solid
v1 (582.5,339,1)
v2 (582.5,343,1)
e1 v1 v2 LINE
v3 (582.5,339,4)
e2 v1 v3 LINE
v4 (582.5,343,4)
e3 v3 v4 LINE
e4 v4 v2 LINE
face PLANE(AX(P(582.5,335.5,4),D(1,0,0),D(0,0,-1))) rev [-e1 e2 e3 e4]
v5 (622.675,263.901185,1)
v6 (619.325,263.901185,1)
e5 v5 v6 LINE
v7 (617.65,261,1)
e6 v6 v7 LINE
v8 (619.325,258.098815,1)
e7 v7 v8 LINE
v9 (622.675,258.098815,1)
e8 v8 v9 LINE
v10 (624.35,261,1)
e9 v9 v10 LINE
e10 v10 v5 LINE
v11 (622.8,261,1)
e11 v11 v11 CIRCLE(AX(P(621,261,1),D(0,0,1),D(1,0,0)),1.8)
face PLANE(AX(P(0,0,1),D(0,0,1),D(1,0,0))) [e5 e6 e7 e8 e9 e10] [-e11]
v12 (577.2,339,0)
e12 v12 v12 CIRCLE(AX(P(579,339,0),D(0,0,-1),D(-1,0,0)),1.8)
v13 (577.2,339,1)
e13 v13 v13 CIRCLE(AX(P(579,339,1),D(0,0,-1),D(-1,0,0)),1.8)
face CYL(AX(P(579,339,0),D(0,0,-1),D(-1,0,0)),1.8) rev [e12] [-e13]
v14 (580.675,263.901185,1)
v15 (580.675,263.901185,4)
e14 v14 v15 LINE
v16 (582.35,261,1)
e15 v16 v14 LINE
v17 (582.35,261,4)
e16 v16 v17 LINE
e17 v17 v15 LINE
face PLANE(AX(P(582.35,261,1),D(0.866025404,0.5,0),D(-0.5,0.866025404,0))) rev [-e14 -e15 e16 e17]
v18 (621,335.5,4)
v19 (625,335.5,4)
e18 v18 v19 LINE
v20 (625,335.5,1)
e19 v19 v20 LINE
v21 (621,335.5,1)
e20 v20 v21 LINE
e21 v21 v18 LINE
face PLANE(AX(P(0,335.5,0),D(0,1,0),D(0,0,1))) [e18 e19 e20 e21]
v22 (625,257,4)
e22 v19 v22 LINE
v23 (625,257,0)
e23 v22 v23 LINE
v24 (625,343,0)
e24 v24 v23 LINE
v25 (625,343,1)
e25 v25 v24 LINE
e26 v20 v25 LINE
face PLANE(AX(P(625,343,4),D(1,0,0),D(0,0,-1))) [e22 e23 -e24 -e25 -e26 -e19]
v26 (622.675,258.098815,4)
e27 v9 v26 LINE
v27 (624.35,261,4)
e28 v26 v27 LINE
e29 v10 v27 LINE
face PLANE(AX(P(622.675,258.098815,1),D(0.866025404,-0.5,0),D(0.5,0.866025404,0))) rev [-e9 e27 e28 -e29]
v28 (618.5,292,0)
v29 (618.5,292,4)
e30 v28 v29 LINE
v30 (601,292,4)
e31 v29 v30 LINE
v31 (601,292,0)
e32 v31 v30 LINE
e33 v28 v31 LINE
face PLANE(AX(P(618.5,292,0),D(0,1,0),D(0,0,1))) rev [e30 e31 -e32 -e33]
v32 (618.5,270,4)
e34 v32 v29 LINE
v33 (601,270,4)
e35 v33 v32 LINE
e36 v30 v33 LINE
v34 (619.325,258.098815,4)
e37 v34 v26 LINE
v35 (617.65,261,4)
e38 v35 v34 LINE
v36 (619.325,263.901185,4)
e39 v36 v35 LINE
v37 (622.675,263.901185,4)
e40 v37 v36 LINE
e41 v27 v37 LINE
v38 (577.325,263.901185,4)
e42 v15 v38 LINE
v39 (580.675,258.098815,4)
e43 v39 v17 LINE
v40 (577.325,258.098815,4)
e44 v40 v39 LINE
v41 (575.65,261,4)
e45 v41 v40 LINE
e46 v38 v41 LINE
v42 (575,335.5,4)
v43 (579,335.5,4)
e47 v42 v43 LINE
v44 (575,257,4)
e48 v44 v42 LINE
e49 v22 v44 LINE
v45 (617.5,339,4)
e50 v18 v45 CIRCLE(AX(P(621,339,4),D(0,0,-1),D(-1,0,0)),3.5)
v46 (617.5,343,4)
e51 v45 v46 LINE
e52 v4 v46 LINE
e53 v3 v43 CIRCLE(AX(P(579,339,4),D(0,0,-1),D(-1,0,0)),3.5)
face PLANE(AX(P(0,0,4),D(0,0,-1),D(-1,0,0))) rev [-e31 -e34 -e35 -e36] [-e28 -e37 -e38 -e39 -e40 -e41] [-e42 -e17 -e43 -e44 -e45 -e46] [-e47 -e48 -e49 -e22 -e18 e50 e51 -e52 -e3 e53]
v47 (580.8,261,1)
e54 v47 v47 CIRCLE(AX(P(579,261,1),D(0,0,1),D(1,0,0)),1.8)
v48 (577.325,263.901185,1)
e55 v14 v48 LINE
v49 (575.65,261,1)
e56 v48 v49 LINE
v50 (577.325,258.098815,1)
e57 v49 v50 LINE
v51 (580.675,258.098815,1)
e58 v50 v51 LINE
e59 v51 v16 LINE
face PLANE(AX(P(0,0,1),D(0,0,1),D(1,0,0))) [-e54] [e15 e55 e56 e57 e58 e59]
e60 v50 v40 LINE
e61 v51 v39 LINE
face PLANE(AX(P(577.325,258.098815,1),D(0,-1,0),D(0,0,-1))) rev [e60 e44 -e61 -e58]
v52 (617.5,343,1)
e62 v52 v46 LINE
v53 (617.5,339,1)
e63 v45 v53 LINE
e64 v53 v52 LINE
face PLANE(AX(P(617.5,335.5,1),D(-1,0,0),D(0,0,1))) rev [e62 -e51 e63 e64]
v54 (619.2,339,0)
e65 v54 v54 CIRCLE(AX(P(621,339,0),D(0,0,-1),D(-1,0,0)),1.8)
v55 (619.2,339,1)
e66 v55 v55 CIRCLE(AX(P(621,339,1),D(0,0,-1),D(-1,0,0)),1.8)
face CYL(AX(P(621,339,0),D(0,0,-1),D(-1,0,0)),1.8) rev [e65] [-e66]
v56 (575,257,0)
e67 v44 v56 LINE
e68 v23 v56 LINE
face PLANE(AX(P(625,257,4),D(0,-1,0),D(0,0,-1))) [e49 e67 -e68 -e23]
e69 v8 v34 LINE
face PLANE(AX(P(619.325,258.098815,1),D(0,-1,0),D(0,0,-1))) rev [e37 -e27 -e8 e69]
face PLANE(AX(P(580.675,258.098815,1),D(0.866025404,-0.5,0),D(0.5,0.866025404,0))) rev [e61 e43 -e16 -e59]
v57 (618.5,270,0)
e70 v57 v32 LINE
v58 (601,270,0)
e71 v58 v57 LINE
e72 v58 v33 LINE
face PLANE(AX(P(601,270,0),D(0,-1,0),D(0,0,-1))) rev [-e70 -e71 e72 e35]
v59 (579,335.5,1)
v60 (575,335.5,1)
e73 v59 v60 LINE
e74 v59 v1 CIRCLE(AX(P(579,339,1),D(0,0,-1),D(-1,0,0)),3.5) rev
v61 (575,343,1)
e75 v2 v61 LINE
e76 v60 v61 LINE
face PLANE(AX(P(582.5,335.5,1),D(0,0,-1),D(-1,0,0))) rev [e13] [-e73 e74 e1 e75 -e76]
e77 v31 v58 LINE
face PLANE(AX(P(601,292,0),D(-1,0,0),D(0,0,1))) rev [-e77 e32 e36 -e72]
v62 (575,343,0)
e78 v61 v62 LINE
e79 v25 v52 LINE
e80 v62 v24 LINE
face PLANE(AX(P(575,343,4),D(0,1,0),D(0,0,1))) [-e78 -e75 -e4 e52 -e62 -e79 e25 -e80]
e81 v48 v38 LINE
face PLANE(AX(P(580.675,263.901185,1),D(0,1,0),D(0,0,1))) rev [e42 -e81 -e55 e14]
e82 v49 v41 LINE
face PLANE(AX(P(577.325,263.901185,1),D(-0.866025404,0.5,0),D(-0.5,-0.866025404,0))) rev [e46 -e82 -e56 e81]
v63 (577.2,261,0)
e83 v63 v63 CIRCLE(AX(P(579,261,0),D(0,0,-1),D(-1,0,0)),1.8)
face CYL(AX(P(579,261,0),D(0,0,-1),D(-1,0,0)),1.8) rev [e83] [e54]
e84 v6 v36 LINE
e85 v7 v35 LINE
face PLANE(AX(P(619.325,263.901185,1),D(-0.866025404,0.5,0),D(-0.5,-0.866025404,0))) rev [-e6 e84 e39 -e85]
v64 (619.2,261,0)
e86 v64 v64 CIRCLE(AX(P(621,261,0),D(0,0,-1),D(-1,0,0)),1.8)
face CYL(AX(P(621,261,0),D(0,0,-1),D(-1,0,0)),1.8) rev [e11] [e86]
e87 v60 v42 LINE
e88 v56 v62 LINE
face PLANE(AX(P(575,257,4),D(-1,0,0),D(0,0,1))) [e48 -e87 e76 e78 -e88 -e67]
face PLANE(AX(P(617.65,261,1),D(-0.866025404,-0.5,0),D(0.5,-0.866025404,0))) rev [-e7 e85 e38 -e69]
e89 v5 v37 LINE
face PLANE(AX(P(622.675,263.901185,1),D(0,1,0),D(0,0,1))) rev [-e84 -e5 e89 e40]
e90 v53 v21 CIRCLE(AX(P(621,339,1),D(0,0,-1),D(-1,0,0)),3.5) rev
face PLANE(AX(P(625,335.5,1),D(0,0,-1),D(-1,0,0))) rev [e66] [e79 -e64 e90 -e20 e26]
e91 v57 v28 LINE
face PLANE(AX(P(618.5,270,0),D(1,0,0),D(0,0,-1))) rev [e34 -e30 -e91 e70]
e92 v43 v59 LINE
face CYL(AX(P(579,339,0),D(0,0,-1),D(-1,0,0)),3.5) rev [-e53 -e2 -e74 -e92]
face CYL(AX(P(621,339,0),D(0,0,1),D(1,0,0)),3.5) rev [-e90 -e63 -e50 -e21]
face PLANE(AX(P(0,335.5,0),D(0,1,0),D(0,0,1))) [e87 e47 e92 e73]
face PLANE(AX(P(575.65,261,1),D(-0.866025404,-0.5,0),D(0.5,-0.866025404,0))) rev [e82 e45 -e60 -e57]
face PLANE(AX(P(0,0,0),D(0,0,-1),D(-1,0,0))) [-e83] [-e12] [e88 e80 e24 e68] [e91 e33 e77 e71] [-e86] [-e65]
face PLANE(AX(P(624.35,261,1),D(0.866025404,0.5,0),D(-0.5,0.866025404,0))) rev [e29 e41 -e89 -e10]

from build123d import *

# Parameters (mm, degrees)
SKETCH_1_W                  = 50
SKETCH_1_H                  = 86
EXTRUDE_1_DEPTH             = 4
SKETCH_2_W                  = 17.5
SKETCH_2_H                  = 22
CUT_EXTRUDE_1_DEPTH         = 5
CUT_EXTRUDE_2_DEPTH         = 3
SKETCH_4_W                  = 7.5
SKETCH_4_H                  = 3
CUT_EXTRUDE_3_DEPTH         = 7.5
SKETCH_5_W                  = 7.5
SKETCH_5_H                  = 3
CUT_EXTRUDE_4_DEPTH         = 7.5
CUT_EXTRUDE_5_DEPTH         = 3
HOLE_WIZARD_3_6_3_6_1_D     = 3.6
HOLE_WIZARD_3_6_3_6_1_DEPTH = 4
FILLET_1_R                  = 3.5


with BuildPart() as part:
    # 草图1 → 凸台-拉伸1 (new body)
    with BuildSketch(Plane(origin=(0, 0, 0), x_dir=(-1, 0, 0), z_dir=(0, 0, -1))):
        with Locations((-600, 300)):
            Rectangle(SKETCH_1_W, SKETCH_1_H)
    extrude(amount=-EXTRUDE_1_DEPTH)

    # 草图2 → 切除-拉伸1 (cut, through all)
    with BuildSketch(Plane.XY.offset(4)):
        with Locations((609.75, 281)):
            Rectangle(SKETCH_2_W, SKETCH_2_H)
    extrude(amount=-CUT_EXTRUDE_1_DEPTH, mode=Mode.SUBTRACT)

    # 草图3 → 切除-拉伸2 (cut)
    with BuildSketch(Plane.XY.offset(4)):
        Polygon((580.675, 258.098814897), (582.35, 261), (580.675, 263.901185103), (577.325, 263.901185103), (575.65, 261), (577.325, 258.098814897), align=None)
    extrude(amount=-CUT_EXTRUDE_2_DEPTH, mode=Mode.SUBTRACT)

    # 草图4 → 切除-拉伸3 (cut)
    with BuildSketch(Plane(origin=(0, 343, 0), x_dir=(-1, 0, 0), z_dir=(0, 1, 0))):
        with Locations((-578.75, 2.5)):
            Rectangle(SKETCH_4_W, SKETCH_4_H)
    extrude(amount=-CUT_EXTRUDE_3_DEPTH, mode=Mode.SUBTRACT)

    # 草图5 → 切除-拉伸4 (cut)
    with BuildSketch(Plane(origin=(0, 343, 0), x_dir=(-1, 0, 0), z_dir=(0, 1, 0))):
        with Locations((-621.25, 2.5)):
            Rectangle(SKETCH_5_W, SKETCH_5_H)
    extrude(amount=-CUT_EXTRUDE_4_DEPTH, mode=Mode.SUBTRACT)

    # 草图6 → 切除-拉伸5 (cut)
    with BuildSketch(Plane.XY.offset(4)):
        Polygon((624.35, 261), (622.675, 263.901185103), (619.325, 263.901185103), (617.65, 261), (619.325, 258.098814897), (622.675, 258.098814897), align=None)
    extrude(amount=-CUT_EXTRUDE_5_DEPTH, mode=Mode.SUBTRACT)

    # Ø3.6 (3.6) 直径孔1
    with Locations(Plane(origin=(0, 0, 0), x_dir=(-1, 0, 0), z_dir=(0, 0, -1))):
        with Locations((-579, 339), (-621, 339), (-579, 261), (-621, 261)):
            Hole(HOLE_WIZARD_3_6_3_6_1_D / 2, depth=HOLE_WIZARD_3_6_3_6_1_DEPTH)

    # 圆角1
    fillet_1_edges = [part.edges().sort_by_distance(p)[0] for p in [
        (582.5, 335.5, 2.5),
        (617.5, 335.5, 2.5),
    ]]
    fillet(fillet_1_edges, radius=FILLET_1_R)


solid = part.part
